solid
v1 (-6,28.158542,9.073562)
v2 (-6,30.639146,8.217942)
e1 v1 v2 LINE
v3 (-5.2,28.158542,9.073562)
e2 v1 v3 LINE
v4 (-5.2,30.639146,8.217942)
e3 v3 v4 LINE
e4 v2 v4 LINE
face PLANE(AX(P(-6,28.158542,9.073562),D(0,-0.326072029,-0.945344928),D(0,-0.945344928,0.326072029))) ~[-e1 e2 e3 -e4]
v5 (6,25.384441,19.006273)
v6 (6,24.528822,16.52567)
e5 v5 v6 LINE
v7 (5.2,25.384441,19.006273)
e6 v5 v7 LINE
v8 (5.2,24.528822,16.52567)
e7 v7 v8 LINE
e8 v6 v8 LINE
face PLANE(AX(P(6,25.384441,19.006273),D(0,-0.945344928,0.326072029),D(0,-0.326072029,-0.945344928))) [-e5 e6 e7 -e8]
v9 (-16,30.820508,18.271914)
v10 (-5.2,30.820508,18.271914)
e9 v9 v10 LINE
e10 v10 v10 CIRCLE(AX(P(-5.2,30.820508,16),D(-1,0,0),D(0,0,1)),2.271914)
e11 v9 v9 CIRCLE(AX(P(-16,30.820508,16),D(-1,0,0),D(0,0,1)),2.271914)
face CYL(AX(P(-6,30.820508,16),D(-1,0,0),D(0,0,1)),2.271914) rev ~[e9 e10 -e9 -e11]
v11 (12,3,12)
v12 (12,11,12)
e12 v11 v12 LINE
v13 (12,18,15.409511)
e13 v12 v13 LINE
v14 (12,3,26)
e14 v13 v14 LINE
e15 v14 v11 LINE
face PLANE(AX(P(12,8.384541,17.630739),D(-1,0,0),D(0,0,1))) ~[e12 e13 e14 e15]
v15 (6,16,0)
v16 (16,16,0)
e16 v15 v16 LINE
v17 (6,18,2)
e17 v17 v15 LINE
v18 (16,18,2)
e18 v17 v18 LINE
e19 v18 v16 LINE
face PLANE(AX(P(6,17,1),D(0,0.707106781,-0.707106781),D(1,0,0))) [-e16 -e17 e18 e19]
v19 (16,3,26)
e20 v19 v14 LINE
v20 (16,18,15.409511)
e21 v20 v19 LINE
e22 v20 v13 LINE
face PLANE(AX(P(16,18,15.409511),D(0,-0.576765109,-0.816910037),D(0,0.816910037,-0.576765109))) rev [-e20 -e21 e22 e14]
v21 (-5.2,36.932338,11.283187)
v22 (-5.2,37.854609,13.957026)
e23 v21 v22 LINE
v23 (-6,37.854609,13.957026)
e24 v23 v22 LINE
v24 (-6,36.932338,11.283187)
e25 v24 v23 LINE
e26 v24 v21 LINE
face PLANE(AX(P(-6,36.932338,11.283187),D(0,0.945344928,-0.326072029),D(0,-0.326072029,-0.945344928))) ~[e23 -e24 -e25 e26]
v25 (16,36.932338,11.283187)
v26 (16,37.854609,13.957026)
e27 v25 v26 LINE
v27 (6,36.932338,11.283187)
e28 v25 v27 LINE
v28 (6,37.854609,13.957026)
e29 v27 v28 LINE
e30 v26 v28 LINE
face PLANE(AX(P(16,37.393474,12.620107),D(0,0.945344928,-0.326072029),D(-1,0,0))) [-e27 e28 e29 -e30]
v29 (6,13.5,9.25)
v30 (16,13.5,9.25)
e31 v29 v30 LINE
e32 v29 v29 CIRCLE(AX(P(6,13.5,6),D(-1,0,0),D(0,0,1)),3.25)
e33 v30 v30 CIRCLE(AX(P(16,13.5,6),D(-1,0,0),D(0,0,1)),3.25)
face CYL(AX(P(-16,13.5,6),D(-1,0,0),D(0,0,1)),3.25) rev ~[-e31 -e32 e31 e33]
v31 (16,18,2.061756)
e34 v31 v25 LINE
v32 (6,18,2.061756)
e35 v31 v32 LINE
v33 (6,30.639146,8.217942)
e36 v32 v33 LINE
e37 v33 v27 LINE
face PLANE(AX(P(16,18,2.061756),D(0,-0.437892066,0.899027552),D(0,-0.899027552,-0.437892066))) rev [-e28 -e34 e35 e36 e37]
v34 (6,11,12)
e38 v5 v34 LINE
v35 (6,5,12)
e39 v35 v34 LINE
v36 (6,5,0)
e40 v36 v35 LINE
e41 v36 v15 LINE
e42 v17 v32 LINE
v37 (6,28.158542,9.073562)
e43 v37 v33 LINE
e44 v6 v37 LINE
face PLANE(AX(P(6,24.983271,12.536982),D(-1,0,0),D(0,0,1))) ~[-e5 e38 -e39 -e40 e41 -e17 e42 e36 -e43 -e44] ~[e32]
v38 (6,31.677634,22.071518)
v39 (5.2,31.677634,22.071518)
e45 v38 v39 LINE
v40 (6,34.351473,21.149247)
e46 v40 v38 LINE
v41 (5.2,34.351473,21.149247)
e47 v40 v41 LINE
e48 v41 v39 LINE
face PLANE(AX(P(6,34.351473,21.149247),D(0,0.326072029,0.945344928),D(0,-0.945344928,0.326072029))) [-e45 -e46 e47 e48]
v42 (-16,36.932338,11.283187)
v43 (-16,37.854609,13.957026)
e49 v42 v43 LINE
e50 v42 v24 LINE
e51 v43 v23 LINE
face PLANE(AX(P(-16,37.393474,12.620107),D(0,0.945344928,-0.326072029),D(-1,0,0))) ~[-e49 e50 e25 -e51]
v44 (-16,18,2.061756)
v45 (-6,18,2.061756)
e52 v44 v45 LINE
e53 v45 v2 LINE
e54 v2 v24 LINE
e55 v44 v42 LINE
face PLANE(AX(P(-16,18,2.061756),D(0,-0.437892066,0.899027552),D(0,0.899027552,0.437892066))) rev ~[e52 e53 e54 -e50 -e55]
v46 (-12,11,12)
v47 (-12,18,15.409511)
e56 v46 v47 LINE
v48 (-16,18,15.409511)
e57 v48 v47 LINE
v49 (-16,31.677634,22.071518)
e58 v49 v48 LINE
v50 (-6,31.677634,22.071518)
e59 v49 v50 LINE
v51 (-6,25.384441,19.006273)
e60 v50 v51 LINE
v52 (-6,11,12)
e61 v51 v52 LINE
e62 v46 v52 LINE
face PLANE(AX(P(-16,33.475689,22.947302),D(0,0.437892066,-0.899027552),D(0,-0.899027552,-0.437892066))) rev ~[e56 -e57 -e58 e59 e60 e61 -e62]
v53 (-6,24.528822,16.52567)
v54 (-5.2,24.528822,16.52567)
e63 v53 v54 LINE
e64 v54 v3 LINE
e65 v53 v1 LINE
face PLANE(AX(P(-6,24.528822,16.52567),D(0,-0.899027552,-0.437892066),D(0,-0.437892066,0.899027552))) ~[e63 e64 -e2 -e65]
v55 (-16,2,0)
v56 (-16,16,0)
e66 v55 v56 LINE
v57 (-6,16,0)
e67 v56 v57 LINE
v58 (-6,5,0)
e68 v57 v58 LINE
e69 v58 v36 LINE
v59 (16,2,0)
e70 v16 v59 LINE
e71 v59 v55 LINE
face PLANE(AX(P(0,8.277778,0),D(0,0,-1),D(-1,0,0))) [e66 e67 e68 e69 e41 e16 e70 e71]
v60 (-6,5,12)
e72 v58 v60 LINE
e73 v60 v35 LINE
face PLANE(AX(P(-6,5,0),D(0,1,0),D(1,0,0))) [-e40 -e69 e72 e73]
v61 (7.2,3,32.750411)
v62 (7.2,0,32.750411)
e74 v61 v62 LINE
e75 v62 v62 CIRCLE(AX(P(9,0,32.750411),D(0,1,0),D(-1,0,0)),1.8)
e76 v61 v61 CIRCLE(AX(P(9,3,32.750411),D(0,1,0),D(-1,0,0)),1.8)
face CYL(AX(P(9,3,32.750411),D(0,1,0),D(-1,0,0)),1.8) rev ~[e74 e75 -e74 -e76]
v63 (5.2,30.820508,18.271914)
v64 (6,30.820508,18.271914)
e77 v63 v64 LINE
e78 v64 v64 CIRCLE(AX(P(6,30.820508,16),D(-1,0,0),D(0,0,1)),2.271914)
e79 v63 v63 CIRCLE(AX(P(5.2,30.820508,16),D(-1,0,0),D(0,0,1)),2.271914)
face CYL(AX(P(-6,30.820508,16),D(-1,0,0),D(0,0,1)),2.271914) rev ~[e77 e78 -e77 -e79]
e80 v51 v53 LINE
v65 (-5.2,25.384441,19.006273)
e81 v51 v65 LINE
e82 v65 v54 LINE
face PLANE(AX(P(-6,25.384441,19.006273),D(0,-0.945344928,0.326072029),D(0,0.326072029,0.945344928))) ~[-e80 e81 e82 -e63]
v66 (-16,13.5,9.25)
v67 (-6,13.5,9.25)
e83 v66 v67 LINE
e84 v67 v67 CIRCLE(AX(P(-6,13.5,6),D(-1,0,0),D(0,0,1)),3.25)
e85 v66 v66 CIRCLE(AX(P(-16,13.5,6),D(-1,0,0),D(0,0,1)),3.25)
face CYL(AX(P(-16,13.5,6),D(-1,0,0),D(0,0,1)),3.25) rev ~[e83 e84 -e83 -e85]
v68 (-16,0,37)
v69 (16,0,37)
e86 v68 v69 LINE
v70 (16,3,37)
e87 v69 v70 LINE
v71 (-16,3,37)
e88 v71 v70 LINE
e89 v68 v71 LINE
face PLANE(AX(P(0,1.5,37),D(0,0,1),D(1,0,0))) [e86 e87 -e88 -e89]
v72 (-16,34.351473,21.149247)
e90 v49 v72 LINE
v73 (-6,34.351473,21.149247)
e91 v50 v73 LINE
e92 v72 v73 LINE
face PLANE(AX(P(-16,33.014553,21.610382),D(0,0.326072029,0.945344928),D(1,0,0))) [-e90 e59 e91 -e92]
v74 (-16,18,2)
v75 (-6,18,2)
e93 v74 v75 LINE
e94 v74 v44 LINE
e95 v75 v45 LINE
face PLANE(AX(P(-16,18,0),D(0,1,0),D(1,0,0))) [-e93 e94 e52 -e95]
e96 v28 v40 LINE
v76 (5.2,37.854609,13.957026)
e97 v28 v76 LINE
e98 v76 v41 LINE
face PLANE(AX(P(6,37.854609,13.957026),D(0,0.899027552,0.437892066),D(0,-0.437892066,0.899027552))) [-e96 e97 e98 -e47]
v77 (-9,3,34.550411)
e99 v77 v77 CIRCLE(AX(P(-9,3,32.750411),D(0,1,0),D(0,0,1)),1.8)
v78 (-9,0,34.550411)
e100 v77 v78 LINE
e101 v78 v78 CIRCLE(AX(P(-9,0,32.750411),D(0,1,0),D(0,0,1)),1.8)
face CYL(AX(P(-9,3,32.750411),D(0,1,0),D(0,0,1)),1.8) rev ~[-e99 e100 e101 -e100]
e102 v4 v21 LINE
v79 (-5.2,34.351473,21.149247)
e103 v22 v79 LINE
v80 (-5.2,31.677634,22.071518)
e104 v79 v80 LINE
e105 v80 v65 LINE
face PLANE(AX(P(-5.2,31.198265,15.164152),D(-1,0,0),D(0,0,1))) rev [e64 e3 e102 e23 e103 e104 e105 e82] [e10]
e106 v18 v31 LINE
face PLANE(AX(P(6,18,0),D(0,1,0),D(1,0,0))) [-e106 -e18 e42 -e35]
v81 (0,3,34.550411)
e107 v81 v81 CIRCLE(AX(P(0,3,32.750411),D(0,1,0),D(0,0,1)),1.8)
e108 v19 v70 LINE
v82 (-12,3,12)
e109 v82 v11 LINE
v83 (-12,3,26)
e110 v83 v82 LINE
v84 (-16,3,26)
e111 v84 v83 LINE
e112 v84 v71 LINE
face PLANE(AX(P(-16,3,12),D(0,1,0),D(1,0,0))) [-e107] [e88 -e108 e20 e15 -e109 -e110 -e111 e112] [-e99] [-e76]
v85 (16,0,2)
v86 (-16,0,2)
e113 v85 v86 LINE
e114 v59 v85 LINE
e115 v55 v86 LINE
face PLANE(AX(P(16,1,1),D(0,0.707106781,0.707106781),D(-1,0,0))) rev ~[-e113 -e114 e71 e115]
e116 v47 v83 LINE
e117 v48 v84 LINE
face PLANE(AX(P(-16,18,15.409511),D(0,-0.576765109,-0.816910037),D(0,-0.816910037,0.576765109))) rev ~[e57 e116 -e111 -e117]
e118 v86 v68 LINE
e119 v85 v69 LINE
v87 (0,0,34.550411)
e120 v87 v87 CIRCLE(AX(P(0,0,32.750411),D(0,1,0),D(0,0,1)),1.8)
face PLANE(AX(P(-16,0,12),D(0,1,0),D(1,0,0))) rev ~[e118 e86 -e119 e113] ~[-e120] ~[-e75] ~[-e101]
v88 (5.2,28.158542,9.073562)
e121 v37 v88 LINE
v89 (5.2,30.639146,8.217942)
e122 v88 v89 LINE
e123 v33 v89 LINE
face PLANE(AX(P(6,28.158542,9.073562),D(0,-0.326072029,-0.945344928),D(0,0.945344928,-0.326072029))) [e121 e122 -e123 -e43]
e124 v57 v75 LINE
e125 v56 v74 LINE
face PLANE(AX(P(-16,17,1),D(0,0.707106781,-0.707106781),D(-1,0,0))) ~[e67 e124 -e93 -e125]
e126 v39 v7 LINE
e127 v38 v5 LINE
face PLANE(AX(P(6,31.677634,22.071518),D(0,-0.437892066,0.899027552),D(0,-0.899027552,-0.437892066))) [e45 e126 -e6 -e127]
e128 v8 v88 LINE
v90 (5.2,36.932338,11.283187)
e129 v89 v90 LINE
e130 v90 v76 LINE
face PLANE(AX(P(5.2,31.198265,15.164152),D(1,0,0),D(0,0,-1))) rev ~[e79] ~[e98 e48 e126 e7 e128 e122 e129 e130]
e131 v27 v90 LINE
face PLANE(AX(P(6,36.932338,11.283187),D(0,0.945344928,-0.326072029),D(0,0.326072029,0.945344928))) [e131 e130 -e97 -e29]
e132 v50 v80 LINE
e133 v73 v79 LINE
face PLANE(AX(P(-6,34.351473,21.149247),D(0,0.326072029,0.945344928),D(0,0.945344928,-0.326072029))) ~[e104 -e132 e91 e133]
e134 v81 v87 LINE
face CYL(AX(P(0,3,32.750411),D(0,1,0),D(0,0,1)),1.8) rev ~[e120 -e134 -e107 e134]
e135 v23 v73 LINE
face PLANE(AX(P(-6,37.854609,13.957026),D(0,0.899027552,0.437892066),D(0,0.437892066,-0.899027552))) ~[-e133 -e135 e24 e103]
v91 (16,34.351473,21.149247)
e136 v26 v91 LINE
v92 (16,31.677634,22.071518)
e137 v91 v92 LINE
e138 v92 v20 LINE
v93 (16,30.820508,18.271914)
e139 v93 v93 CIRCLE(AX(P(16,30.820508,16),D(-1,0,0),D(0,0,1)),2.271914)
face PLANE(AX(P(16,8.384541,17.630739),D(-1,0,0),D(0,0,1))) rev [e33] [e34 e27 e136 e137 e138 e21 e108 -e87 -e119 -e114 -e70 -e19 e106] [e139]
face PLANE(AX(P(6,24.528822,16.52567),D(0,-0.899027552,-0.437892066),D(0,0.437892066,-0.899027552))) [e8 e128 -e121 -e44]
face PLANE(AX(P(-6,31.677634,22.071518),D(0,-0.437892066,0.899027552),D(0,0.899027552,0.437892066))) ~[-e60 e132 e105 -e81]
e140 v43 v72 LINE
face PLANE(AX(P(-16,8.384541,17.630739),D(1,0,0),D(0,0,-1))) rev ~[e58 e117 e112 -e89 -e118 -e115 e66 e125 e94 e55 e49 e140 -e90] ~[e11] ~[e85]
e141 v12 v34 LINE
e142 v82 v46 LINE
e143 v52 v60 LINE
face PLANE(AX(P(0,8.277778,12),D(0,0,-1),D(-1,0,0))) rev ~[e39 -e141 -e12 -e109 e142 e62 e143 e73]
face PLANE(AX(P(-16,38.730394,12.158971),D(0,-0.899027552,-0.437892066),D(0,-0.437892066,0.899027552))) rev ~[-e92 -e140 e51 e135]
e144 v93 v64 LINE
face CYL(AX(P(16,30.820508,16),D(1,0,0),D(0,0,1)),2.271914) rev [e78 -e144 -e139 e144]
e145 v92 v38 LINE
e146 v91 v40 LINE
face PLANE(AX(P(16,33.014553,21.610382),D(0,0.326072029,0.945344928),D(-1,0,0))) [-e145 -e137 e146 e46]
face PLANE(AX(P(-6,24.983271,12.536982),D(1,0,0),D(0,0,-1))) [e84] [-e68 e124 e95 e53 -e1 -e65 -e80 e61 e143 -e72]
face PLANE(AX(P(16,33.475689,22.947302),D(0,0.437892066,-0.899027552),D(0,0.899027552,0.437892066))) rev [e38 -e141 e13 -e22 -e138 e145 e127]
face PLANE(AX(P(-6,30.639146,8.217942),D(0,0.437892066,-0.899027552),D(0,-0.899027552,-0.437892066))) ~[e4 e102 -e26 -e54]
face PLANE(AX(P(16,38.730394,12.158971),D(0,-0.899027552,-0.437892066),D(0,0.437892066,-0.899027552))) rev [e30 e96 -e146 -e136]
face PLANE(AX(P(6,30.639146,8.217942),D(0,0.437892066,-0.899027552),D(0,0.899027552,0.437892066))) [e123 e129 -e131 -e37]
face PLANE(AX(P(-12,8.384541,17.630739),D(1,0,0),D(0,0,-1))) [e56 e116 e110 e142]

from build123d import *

# Parameters (mm, degrees)
EXTRUDE_1_DEPTH     = 12
SKETCH_2_W          = 32
SKETCH_2_H          = 3
EXTRUDE_2_DEPTH     = 25
SKETCH_3_R          = 3.25
CUT_EXTRUDE_1_DEPTH = 38
SKETCH_4_R          = 2.271913659
EXTRUDE_3_DEPTH     = 10
CHAMFER_2_SIZE      = 2
CHAMFER_3_SIZE      = 2
EXTRUDE_4_DEPTH     = 4
CHAMFER_4_SIZE      = 2
SKETCH_6_R          = 1.8
CUT_EXTRUDE_2_DEPTH = 8
EXTRUDE_5_DEPTH     = 0.8
SKETCH_8_R          = 2.271913659
CUT_EXTRUDE_3_DEPTH = 23


with BuildPart() as part:
    # 草图1 → 凸台-拉伸1 (new body)
    with BuildSketch(Plane.XY):
        Polygon((16, 0), (-16, 0), (-16, 18), (-6, 18), (-6, 5), (6, 5), (6, 18), (16, 18), align=None)
    extrude(amount=EXTRUDE_1_DEPTH)

    # 草图2 → 凸台-拉伸2 (add)
    with BuildSketch(Plane.XY.offset(12)):
        with Locations((0, 1.5)):
            Rectangle(SKETCH_2_W, SKETCH_2_H)
    extrude(amount=EXTRUDE_2_DEPTH)

    # 草图3 → 切除-拉伸1 (cut)
    with BuildSketch(Plane.ZY.offset(16)):
        with Locations((6, 13.5)):
            Circle(SKETCH_3_R)
    extrude(amount=-CUT_EXTRUDE_1_DEPTH, mode=Mode.SUBTRACT)

    # 草图4 → 凸台-拉伸3 (add)
    with BuildSketch(Plane.ZY.offset(16)):
        Polygon((2.061755591, 18), (12.158971032, 38.730393582), (22.947301651, 33.47568879), (12, 11), (12, 18), align=None)
        with Locations((16, 30.820508076)):
            Circle(SKETCH_4_R, mode=Mode.SUBTRACT)
    extrude_3 = extrude(amount=-EXTRUDE_3_DEPTH)

    # 镜向1: 凸台-拉伸3 across plane
    add(extrude_3.mirror(Plane(origin=(0, 0, 0), x_dir=(0, 0, 1), z_dir=(1, 0, 0))))

    # 倒角2
    chamfer_2_edges = [part.edges().sort_by_distance(p)[0] for p in [
        (11, 18, 0),
        (-11, 18, 0),
    ]]
    chamfer(chamfer_2_edges, length=CHAMFER_2_SIZE)

    # 倒角3
    chamfer_3_edges = [part.edges().sort_by_distance(p)[0] for p in [
        (-11, 38.730393582, 12.158971032),
        (-11, 33.47568879, 22.947301651),
        (11, 33.47568879, 22.947301651),
        (11, 38.730393582, 12.158971032),
    ]]
    chamfer(chamfer_3_edges, length=CHAMFER_3_SIZE)

    # 草图5 → 凸台-拉伸4 (add)
    with BuildSketch(Plane.ZY.offset(16)):
        Polygon((15.409511151, 18), (26, 3), (12, 3), (12, 11), align=None)
    extrude_4 = extrude(amount=-EXTRUDE_4_DEPTH)

    # 镜向2: 凸台-拉伸4 across plane
    add(extrude_4.mirror(Plane(origin=(0, 0, 0), x_dir=(0, 0, 1), z_dir=(1, 0, 0))))

    # 倒角4
    chamfer_4_edges = [part.edges().sort_by_distance(p)[0] for p in [
        (0, 0, 0),
    ]]
    chamfer(chamfer_4_edges, length=CHAMFER_4_SIZE)

    # 草图6 → 切除-拉伸2 (cut)
    with BuildSketch(Plane(origin=(0, 3, 0), x_dir=(1, 0, 0), z_dir=(0, 1, 0))):
        with Locations(Location((0, -32.750411326, 0), (0, 0, 270))):
            Circle(SKETCH_6_R)
        with Locations(Location((-9, -32.750411326, 0), (0, 0, 270))):
            Circle(SKETCH_6_R)
        with Locations(Location((9, -32.750411326, 0), (0, 0, 180))):
            Circle(SKETCH_6_R)
    extrude(amount=-CUT_EXTRUDE_2_DEPTH, mode=Mode.SUBTRACT)

    # 草图7 → 凸台-拉伸5 (add)
    with BuildSketch(Plane.ZY.offset(-6)):
        Polygon((11.2831869, 36.932338479), (13.957026135, 37.85460945), (21.149246548, 34.351472922), (22.071517519, 31.677633686), (19.006273057, 25.384440825), (16.525669772, 24.528821546), (9.073561717, 28.158542333), (8.217942438, 30.639145618), align=None)
    extrude_5 = extrude(amount=EXTRUDE_5_DEPTH)

    # 镜向3: 凸台-拉伸5 across plane
    add(extrude_5.mirror(Plane(origin=(0, 0, 0), x_dir=(0, 0, 1), z_dir=(1, 0, 0))))

    # 草图8 → 切除-拉伸3 (cut)
    with BuildSketch(Plane.ZY.offset(6)):
        with Locations((16, 30.820508076)):
            Circle(SKETCH_8_R)
    extrude(amount=-CUT_EXTRUDE_3_DEPTH, mode=Mode.SUBTRACT)


solid = part.part
